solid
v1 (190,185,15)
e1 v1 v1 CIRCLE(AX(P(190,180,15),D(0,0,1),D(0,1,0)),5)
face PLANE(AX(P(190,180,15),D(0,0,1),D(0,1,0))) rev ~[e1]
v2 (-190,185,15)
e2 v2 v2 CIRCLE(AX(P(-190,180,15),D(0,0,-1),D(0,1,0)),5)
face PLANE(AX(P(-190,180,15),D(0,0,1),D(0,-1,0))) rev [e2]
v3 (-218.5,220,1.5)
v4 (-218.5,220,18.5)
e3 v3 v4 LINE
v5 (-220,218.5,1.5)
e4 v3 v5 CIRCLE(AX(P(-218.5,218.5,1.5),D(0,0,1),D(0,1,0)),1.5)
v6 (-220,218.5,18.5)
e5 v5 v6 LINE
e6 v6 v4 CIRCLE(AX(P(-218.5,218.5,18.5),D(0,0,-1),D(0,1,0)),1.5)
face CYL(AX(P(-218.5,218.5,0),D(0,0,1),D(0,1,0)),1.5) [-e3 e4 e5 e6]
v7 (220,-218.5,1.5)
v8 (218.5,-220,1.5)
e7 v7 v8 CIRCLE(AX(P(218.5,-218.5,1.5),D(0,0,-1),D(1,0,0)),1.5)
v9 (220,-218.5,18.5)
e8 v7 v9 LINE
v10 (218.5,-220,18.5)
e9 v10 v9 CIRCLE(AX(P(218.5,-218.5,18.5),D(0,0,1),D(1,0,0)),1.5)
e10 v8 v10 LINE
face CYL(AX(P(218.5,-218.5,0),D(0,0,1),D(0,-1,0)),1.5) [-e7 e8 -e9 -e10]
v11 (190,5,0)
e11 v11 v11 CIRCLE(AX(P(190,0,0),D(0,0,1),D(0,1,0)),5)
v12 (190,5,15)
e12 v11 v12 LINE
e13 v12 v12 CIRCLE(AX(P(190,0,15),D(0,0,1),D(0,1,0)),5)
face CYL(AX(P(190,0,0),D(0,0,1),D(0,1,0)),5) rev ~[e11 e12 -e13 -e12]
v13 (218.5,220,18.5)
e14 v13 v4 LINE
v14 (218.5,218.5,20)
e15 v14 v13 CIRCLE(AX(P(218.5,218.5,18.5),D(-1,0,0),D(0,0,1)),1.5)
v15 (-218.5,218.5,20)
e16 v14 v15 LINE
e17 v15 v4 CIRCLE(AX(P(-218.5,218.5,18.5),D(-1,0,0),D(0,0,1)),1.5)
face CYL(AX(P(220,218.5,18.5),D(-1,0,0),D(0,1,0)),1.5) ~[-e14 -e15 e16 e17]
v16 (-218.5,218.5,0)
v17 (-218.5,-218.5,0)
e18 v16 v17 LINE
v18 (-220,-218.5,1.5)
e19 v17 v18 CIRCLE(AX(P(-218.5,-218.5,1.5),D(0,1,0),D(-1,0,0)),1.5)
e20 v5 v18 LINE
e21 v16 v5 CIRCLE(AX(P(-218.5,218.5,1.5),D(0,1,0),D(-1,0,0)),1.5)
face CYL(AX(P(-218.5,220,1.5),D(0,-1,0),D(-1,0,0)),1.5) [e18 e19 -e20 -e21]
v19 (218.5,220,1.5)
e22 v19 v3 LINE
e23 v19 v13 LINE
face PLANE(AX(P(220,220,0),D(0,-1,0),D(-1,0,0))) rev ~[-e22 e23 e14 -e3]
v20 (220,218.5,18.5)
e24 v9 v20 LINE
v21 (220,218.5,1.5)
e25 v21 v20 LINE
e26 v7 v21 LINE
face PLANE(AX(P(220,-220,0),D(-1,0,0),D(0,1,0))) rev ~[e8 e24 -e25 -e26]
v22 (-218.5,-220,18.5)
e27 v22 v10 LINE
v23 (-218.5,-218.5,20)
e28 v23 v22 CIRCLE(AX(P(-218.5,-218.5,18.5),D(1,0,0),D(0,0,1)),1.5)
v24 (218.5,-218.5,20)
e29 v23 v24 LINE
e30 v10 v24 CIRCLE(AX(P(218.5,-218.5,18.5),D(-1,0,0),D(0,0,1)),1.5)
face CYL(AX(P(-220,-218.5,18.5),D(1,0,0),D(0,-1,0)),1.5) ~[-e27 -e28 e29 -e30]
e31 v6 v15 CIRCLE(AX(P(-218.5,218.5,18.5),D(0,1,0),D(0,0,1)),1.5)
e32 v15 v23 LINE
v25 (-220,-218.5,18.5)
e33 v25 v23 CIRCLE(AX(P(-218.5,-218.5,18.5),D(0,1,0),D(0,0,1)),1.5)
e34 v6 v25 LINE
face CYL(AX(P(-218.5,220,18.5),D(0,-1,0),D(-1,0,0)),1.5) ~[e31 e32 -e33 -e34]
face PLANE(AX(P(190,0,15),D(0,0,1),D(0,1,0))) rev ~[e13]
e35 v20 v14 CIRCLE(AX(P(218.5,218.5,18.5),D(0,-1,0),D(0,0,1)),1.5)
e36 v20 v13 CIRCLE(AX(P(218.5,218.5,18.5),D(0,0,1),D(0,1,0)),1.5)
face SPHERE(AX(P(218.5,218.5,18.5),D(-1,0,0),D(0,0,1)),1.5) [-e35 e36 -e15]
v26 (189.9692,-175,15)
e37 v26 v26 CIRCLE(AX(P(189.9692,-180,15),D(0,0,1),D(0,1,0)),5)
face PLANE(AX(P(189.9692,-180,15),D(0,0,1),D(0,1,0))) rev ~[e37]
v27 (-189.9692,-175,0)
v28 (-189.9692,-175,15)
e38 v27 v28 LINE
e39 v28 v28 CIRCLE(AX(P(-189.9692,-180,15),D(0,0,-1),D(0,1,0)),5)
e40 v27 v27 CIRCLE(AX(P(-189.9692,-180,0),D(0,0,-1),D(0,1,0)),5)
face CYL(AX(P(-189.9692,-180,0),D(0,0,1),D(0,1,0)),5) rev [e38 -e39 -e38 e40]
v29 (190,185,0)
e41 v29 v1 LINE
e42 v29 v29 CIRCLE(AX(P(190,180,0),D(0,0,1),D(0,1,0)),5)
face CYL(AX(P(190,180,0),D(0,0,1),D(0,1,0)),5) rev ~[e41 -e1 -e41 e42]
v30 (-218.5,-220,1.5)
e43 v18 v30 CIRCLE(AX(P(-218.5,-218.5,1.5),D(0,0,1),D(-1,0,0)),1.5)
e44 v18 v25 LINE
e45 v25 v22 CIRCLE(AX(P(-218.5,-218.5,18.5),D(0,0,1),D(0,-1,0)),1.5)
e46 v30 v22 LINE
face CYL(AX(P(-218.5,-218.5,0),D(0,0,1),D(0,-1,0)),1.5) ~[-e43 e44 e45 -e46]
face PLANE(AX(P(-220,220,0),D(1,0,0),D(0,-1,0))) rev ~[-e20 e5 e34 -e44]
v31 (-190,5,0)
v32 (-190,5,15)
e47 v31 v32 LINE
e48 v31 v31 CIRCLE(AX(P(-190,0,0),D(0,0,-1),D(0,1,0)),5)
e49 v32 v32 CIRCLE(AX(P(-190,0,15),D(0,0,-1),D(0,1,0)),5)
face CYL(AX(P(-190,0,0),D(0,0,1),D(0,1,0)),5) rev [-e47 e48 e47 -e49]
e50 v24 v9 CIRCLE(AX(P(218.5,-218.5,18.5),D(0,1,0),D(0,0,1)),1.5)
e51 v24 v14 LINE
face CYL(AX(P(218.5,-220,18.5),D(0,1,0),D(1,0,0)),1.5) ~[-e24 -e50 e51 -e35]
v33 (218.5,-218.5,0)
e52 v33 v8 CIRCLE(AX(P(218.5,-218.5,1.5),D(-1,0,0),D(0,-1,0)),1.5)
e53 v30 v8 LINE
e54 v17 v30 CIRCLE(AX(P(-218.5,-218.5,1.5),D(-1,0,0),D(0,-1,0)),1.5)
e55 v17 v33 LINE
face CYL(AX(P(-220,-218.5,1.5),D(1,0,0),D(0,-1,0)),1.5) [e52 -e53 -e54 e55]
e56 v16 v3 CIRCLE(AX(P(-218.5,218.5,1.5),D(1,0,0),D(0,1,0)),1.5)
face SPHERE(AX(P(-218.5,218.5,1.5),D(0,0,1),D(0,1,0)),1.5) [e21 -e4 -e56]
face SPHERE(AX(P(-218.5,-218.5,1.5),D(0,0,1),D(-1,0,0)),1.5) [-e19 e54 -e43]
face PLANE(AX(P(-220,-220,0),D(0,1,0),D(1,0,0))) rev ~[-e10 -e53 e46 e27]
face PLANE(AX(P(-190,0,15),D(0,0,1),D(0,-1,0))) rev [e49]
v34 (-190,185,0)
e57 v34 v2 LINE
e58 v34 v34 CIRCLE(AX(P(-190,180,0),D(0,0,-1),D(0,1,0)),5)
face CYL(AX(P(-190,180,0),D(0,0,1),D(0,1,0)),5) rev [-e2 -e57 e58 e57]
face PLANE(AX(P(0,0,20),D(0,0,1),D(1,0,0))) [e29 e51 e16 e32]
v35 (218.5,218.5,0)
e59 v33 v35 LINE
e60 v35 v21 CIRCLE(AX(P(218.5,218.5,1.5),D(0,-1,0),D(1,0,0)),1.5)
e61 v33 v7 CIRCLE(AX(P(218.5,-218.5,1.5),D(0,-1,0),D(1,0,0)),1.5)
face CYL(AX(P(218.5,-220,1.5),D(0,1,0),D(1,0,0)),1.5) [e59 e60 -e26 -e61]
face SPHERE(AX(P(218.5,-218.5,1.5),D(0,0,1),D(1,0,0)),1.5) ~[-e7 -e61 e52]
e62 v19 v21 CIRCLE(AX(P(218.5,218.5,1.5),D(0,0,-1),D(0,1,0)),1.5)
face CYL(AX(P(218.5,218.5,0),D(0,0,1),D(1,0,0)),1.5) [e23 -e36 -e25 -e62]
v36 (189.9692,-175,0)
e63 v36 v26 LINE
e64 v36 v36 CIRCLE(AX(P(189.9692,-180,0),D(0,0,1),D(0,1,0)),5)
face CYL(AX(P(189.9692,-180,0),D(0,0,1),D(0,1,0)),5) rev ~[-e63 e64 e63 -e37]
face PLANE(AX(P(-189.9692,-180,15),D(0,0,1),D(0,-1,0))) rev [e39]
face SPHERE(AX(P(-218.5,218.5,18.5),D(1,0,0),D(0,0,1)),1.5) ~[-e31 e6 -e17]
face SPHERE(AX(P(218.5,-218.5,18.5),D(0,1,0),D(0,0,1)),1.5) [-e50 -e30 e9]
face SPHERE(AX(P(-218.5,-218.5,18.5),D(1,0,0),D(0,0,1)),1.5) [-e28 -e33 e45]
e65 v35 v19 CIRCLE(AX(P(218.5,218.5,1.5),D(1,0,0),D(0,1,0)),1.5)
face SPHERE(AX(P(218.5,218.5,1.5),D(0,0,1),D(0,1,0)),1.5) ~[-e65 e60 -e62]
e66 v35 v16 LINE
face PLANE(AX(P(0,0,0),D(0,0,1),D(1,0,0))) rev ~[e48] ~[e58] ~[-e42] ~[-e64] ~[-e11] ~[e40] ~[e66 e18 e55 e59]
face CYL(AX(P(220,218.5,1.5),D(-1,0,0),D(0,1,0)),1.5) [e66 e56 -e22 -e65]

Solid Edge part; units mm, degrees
sketch "Sketch1" plane through (0, 0, 0) normal (0, 0, 1) x (1, 0, 0)
  line L0 (-220, -220) -> (220, -220)
  line L1 (220, -220) -> (220, 220)
  line L2 (220, 220) -> (-220, 220)
  line L3 (-220, 220) -> (-220, -220)
extrude "Protrusion1" add sketch "Sketch1" along normal blind 20
fillet "Round_1" radius 1.5 12 edges at (0, 220, 20) (220, 0, 20) (0, -220, 20) (-220, 0, 20) (-220, -220, 10) (220, -220, 10) (-220, 220, 10) (220, 220, 10) (0, 220, 0) (-220, 0, 0) (220, 0, 0) (0, -220, 0)
hole "Hole_7" at (189.9692, -180, 0) direction (0, 0, 1) diameter 10 depth 15
hole "Hole1" at (190, 0, 0) direction (0, 0, 1) diameter 10 depth 15
hole "Hole2" at (190, 180, 0) direction (0, 0, 1) diameter 10 depth 15
mirror "Mirror1" about plane through (0, 0, 0) normal (1, 0, 0) of "Hole_7", "Hole1", "Hole2"
properties material "Wood, Oak"
